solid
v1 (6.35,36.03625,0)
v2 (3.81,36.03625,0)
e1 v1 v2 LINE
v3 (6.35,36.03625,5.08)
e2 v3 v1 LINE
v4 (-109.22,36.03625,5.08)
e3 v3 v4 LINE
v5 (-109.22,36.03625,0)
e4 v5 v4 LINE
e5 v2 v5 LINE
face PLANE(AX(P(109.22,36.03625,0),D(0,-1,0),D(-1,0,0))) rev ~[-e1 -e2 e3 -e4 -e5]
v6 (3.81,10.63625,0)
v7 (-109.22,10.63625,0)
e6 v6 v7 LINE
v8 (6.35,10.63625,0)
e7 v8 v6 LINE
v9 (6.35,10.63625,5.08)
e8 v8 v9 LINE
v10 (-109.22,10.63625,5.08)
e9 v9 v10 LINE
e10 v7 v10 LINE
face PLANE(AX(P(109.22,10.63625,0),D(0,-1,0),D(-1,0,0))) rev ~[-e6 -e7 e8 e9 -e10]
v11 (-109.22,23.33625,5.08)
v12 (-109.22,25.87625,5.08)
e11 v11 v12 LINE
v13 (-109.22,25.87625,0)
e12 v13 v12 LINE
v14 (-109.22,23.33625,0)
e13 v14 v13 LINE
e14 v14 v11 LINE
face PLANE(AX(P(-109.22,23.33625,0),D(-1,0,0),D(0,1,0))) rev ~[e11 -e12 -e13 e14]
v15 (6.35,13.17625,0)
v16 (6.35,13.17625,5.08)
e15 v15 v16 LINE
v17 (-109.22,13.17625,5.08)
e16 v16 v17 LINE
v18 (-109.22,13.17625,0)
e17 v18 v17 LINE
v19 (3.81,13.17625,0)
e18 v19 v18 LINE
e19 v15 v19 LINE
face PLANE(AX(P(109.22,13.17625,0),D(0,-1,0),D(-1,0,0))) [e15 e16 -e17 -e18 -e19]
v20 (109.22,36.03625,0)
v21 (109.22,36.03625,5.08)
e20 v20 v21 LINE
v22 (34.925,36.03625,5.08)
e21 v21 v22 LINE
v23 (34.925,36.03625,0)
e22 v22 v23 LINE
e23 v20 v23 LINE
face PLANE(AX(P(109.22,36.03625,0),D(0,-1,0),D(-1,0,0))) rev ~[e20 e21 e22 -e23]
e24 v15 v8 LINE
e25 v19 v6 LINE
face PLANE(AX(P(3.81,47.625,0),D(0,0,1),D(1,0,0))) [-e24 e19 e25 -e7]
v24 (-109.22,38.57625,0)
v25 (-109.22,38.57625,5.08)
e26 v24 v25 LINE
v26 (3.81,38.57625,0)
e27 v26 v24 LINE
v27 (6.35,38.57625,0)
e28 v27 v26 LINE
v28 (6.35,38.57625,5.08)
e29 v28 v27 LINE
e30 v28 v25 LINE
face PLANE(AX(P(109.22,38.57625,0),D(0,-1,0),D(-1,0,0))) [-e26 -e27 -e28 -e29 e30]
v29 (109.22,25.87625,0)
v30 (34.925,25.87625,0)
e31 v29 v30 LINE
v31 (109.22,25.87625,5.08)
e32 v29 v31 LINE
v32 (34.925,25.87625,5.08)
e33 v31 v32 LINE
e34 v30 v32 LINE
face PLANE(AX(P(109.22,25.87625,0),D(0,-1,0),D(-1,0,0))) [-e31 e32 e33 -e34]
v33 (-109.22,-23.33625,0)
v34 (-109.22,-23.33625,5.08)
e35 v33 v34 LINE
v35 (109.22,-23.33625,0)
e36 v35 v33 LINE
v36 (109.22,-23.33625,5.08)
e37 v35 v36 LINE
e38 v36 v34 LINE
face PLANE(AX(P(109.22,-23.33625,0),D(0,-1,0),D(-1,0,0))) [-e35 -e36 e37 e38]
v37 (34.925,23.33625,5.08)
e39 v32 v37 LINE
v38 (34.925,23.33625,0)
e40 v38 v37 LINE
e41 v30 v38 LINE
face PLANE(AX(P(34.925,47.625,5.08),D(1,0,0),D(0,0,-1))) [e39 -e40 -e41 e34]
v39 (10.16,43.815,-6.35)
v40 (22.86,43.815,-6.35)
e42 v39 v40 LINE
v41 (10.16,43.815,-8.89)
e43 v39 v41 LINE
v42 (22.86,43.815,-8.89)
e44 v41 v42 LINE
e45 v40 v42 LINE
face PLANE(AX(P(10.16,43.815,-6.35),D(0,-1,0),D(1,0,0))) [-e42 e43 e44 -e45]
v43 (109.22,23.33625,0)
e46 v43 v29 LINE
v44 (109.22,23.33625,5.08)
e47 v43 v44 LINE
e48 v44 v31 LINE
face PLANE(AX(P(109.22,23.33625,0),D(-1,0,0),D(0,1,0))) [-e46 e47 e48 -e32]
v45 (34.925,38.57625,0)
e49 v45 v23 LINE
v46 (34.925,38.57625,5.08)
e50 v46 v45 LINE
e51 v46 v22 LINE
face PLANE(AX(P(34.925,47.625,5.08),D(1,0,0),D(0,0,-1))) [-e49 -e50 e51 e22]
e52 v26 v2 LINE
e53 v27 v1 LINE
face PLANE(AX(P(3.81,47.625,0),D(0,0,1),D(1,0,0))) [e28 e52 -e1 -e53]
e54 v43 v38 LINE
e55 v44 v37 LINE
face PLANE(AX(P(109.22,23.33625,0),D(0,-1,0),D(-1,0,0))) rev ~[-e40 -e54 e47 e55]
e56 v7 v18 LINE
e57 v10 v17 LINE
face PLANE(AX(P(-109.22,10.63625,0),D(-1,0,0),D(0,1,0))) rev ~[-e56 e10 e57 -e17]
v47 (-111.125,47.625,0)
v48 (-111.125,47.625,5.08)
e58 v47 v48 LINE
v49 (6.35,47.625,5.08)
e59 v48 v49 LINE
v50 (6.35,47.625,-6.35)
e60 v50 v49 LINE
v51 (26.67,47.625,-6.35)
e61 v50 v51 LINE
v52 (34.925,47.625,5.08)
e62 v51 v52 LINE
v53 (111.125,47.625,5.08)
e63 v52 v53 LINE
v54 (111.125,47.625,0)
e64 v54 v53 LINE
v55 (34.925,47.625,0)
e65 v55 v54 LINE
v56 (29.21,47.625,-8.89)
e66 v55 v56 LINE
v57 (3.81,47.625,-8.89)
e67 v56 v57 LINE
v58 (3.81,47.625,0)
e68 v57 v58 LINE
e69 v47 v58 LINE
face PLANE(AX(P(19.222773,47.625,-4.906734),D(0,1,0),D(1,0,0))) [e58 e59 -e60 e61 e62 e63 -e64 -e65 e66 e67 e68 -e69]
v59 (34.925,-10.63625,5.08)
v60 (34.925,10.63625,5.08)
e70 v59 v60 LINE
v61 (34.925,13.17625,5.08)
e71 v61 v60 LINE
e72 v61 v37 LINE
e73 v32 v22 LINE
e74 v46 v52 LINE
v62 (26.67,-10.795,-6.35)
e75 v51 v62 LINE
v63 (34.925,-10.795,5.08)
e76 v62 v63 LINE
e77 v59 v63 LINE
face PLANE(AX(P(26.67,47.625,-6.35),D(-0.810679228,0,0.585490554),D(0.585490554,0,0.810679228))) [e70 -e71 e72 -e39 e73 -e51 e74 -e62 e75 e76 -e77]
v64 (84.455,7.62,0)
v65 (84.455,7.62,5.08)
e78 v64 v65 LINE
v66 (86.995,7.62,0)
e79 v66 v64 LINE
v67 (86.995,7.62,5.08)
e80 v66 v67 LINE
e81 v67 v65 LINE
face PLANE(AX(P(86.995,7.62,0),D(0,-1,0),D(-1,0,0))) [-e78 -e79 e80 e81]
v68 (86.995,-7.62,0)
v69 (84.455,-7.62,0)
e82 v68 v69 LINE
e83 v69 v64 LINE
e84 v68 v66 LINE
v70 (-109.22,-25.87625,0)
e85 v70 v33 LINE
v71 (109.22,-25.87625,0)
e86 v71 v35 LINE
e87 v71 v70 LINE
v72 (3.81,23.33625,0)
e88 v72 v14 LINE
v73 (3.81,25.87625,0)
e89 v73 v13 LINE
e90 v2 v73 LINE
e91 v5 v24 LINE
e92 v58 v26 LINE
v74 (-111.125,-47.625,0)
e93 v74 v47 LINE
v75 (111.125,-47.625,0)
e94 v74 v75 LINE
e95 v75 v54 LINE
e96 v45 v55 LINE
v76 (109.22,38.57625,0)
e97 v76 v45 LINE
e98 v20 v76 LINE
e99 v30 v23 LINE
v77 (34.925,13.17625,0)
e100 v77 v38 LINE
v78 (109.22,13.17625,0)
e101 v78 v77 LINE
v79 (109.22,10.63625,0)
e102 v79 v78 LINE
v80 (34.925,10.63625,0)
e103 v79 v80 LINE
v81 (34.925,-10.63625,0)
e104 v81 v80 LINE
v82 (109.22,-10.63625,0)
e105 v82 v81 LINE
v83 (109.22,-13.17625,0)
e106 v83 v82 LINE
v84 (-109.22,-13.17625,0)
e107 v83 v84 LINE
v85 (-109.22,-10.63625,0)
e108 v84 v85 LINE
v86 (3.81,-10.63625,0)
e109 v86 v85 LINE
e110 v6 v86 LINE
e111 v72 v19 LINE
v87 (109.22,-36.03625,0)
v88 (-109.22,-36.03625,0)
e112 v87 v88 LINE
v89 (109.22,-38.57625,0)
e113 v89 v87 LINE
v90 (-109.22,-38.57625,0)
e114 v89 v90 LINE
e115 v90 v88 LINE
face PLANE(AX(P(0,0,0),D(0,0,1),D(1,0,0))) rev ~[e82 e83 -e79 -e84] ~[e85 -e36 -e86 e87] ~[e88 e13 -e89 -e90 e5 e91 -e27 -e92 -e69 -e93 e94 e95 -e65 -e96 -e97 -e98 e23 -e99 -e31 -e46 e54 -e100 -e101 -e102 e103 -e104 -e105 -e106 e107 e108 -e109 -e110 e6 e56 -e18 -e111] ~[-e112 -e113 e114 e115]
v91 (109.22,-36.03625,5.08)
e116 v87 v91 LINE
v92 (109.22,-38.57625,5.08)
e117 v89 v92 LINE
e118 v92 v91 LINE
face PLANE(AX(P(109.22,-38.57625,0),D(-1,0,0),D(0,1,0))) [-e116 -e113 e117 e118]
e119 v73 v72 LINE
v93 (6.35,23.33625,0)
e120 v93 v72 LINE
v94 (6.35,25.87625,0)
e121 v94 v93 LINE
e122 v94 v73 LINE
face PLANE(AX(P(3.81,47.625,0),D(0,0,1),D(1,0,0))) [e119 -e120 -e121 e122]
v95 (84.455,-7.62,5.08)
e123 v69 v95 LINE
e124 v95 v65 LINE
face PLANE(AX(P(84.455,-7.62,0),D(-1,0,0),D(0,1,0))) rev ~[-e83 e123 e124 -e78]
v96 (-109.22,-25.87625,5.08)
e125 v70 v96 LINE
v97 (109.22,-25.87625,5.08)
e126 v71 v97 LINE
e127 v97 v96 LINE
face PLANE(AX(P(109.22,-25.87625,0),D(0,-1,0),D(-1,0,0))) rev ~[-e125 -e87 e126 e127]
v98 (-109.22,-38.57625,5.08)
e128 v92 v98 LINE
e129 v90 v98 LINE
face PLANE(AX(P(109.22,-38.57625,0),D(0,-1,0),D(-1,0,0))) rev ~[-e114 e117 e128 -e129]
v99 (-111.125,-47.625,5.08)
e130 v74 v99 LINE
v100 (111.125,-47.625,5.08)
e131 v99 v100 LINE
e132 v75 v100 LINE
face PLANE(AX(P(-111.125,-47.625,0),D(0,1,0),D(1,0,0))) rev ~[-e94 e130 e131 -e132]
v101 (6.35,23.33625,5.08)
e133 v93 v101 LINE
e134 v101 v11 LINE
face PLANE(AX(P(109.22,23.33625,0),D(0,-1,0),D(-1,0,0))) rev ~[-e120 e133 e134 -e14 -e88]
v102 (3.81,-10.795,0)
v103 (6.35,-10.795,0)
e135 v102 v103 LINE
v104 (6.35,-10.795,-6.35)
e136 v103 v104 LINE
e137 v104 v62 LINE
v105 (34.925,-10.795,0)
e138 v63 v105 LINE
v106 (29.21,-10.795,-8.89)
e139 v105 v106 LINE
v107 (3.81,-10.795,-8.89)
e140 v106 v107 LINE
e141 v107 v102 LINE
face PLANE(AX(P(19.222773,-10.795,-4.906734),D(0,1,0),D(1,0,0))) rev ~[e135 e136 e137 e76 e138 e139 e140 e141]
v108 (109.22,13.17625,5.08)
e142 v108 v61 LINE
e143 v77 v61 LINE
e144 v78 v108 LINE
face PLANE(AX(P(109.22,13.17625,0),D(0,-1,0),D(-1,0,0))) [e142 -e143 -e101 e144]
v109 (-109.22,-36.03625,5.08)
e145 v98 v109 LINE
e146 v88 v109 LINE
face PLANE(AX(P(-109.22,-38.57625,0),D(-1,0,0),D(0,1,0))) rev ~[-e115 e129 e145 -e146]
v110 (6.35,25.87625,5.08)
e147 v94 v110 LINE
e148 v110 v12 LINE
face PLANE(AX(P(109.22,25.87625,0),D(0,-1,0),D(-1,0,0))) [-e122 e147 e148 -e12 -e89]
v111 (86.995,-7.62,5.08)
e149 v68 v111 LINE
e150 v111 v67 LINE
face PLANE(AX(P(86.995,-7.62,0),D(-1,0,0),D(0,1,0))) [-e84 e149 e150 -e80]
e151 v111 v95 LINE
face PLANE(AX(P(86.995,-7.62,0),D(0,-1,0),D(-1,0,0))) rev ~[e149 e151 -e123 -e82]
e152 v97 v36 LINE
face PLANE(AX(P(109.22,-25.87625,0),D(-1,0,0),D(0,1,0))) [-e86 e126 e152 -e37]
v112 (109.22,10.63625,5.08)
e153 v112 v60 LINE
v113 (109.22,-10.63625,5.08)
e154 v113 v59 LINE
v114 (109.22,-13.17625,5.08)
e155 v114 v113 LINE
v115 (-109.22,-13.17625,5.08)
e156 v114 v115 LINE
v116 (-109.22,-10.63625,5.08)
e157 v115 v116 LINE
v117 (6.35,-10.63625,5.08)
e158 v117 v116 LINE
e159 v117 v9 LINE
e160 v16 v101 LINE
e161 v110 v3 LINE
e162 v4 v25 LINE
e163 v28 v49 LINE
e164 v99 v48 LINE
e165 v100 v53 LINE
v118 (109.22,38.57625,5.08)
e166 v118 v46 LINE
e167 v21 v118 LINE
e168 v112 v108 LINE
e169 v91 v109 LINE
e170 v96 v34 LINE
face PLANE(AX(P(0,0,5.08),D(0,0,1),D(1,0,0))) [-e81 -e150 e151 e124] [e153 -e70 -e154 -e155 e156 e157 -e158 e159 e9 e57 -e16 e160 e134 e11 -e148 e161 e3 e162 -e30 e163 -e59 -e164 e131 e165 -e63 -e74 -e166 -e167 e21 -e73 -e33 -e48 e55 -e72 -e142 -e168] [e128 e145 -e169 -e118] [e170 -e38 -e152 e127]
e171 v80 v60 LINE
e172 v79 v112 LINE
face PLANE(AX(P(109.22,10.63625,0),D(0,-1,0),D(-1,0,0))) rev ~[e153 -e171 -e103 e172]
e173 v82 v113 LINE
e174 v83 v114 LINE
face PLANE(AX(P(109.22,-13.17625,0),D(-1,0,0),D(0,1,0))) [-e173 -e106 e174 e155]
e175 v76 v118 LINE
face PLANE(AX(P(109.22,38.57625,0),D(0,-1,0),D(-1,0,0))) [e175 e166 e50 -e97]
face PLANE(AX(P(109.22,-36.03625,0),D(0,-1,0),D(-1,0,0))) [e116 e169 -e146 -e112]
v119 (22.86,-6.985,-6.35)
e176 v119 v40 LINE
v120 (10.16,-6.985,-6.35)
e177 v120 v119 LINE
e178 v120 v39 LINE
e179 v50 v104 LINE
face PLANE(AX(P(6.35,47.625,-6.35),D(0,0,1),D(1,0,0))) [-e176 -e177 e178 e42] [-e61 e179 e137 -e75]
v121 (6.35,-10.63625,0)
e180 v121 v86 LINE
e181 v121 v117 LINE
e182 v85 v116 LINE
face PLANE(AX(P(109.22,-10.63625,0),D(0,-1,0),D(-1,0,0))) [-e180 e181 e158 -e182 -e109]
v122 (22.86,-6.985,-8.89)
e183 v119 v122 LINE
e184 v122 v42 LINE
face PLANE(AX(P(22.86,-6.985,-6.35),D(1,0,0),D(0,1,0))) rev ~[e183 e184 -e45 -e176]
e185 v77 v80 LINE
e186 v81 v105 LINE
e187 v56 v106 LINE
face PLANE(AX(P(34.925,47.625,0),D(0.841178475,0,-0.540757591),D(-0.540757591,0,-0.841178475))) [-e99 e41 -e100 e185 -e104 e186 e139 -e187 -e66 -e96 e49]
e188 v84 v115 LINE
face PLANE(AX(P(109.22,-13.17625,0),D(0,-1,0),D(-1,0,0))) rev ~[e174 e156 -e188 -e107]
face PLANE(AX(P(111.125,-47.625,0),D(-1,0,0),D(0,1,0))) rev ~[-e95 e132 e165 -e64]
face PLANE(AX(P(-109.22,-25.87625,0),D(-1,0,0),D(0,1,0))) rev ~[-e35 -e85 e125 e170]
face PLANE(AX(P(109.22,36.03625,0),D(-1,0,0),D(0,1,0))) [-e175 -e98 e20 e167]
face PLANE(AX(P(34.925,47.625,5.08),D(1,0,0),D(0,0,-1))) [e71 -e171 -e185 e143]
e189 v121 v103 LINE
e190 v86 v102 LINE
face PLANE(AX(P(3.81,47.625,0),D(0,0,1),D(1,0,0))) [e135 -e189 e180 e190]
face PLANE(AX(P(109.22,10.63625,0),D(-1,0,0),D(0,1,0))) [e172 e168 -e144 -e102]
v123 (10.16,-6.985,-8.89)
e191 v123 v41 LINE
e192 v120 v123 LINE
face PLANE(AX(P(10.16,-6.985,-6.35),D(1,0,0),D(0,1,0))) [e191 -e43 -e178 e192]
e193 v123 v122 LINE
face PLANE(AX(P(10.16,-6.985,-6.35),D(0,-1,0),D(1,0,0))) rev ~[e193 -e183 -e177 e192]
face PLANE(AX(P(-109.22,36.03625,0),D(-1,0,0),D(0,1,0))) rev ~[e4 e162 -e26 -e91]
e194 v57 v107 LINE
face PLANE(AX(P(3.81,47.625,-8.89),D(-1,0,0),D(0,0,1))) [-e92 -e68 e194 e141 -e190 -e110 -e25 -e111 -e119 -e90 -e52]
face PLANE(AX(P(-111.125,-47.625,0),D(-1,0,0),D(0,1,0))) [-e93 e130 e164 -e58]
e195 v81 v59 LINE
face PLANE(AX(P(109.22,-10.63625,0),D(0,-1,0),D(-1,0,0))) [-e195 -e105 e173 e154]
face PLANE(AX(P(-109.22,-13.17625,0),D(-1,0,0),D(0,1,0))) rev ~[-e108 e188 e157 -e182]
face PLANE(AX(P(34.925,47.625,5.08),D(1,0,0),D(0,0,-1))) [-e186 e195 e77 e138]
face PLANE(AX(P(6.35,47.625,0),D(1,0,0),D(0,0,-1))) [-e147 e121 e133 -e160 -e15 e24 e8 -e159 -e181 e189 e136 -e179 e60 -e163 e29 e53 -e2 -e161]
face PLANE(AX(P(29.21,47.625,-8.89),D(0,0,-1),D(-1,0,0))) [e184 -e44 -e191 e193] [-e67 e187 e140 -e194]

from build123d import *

# Parameters (mm, degrees)
SKETCH1_W           = 222.25
SKETCH1_H           = 95.25
BOSS_EXTRUDE1_DEPTH = 5.08
SKETCH2_W           = 218.44
SKETCH2_H           = 2.54
CUT_EXTRUDE1_DEPTH  = 5.08
SKETCH5_W           = 2.54
SKETCH5_H           = 15.24
CUT_EXTRUDE4_DEPTH  = 5.08
SKETCH7_W           = 28.575
SKETCH7_H           = 21.74875
CUT_EXTRUDE5_DEPTH  = 5.08
SKETCH8_W           = 28.575
SKETCH8_H           = 21.2725
CUT_EXTRUDE6_DEPTH  = 5.08
SKETCH11_W          = 28.575
SKETCH11_H          = 10.16
CUT_EXTRUDE8_DEPTH  = 5.08
BOSS_EXTRUDE2_DEPTH = 58.42
SKETCH12_W          = 12.7
SKETCH12_H          = 50.8
CUT_EXTRUDE9_DEPTH  = 2.54


with BuildPart() as part:
    # Sketch1 → Boss-Extrude1 (new body)
    with BuildSketch(Plane.XY):
        Rectangle(SKETCH1_W, SKETCH1_H)
    extrude(amount=BOSS_EXTRUDE1_DEPTH)

    # Sketch2 → Cut-Extrude1 (cut)
    with BuildSketch(Plane(origin=(0, 0, 0), x_dir=(-1, 0, 0), z_dir=(0, 0, -1))):
        with Locations((0, 24.60625)):
            Rectangle(SKETCH2_W, SKETCH2_H)
        with Locations((0, 11.90625)):
            Rectangle(SKETCH2_W, SKETCH2_H)
        with Locations((0, 37.30625)):
            Rectangle(SKETCH2_W, SKETCH2_H)
        with Locations((0, -11.90625)):
            Rectangle(SKETCH2_W, SKETCH2_H)
        with Locations((0, -24.60625)):
            Rectangle(SKETCH2_W, SKETCH2_H)
        with Locations((0, -37.30625)):
            Rectangle(SKETCH2_W, SKETCH2_H)
    extrude(amount=-CUT_EXTRUDE1_DEPTH, mode=Mode.SUBTRACT)

    # Sketch5 → Cut-Extrude4 (cut)
    with BuildSketch(Plane(origin=(0, 0, 0), x_dir=(-1, 0, 0), z_dir=(0, 0, -1))):
        with Locations((-85.725, 0)):
            Rectangle(SKETCH5_W, SKETCH5_H)
    extrude(amount=-CUT_EXTRUDE4_DEPTH, mode=Mode.SUBTRACT)

    # Sketch7 → Cut-Extrude5 (cut)
    with BuildSketch(Plane(origin=(0, 0, 0), x_dir=(-1, 0, 0), z_dir=(0, 0, -1))):
        with Locations((-20.6375, 36.750625)):
            Rectangle(SKETCH7_W, SKETCH7_H)
    extrude(amount=-CUT_EXTRUDE5_DEPTH, mode=Mode.SUBTRACT)

    # Sketch8 → Cut-Extrude6 (cut)
    with BuildSketch(Plane(origin=(0, 0, 0), x_dir=(-1, 0, 0), z_dir=(0, 0, -1))):
        with Locations((-20.6375, 0)):
            Rectangle(SKETCH8_W, SKETCH8_H)
    extrude(amount=-CUT_EXTRUDE6_DEPTH, mode=Mode.SUBTRACT)

    # Sketch11 → Cut-Extrude8 (cut)
    with BuildSketch(Plane(origin=(0, 0, 0), x_dir=(-1, 0, 0), z_dir=(0, 0, -1))):
        with Locations((-20.6375, 18.25625)):
            Rectangle(SKETCH11_W, SKETCH11_H)
    extrude(amount=-CUT_EXTRUDE8_DEPTH, mode=Mode.SUBTRACT)

    # Sketch10 → Boss-Extrude2 (add)
    with BuildSketch(Plane(origin=(0, 47.625, 0), x_dir=(1, 0, 0), z_dir=(0, 1, 0))):
        Polygon((6.35, 0), (6.35, 6.35), (26.67, 6.35), (34.925, -5.08), (34.925, 0), (29.21, 8.89), (3.81, 8.89), (3.81, 0), align=None)
    extrude(amount=-BOSS_EXTRUDE2_DEPTH)

    # Sketch12 → Cut-Extrude9 (cut)
    with BuildSketch(Plane.XY.offset(-6.35)):
        with Locations((16.51, 18.415)):
            Rectangle(SKETCH12_W, SKETCH12_H)
    extrude(amount=-CUT_EXTRUDE9_DEPTH, mode=Mode.SUBTRACT)


solid = part.part
